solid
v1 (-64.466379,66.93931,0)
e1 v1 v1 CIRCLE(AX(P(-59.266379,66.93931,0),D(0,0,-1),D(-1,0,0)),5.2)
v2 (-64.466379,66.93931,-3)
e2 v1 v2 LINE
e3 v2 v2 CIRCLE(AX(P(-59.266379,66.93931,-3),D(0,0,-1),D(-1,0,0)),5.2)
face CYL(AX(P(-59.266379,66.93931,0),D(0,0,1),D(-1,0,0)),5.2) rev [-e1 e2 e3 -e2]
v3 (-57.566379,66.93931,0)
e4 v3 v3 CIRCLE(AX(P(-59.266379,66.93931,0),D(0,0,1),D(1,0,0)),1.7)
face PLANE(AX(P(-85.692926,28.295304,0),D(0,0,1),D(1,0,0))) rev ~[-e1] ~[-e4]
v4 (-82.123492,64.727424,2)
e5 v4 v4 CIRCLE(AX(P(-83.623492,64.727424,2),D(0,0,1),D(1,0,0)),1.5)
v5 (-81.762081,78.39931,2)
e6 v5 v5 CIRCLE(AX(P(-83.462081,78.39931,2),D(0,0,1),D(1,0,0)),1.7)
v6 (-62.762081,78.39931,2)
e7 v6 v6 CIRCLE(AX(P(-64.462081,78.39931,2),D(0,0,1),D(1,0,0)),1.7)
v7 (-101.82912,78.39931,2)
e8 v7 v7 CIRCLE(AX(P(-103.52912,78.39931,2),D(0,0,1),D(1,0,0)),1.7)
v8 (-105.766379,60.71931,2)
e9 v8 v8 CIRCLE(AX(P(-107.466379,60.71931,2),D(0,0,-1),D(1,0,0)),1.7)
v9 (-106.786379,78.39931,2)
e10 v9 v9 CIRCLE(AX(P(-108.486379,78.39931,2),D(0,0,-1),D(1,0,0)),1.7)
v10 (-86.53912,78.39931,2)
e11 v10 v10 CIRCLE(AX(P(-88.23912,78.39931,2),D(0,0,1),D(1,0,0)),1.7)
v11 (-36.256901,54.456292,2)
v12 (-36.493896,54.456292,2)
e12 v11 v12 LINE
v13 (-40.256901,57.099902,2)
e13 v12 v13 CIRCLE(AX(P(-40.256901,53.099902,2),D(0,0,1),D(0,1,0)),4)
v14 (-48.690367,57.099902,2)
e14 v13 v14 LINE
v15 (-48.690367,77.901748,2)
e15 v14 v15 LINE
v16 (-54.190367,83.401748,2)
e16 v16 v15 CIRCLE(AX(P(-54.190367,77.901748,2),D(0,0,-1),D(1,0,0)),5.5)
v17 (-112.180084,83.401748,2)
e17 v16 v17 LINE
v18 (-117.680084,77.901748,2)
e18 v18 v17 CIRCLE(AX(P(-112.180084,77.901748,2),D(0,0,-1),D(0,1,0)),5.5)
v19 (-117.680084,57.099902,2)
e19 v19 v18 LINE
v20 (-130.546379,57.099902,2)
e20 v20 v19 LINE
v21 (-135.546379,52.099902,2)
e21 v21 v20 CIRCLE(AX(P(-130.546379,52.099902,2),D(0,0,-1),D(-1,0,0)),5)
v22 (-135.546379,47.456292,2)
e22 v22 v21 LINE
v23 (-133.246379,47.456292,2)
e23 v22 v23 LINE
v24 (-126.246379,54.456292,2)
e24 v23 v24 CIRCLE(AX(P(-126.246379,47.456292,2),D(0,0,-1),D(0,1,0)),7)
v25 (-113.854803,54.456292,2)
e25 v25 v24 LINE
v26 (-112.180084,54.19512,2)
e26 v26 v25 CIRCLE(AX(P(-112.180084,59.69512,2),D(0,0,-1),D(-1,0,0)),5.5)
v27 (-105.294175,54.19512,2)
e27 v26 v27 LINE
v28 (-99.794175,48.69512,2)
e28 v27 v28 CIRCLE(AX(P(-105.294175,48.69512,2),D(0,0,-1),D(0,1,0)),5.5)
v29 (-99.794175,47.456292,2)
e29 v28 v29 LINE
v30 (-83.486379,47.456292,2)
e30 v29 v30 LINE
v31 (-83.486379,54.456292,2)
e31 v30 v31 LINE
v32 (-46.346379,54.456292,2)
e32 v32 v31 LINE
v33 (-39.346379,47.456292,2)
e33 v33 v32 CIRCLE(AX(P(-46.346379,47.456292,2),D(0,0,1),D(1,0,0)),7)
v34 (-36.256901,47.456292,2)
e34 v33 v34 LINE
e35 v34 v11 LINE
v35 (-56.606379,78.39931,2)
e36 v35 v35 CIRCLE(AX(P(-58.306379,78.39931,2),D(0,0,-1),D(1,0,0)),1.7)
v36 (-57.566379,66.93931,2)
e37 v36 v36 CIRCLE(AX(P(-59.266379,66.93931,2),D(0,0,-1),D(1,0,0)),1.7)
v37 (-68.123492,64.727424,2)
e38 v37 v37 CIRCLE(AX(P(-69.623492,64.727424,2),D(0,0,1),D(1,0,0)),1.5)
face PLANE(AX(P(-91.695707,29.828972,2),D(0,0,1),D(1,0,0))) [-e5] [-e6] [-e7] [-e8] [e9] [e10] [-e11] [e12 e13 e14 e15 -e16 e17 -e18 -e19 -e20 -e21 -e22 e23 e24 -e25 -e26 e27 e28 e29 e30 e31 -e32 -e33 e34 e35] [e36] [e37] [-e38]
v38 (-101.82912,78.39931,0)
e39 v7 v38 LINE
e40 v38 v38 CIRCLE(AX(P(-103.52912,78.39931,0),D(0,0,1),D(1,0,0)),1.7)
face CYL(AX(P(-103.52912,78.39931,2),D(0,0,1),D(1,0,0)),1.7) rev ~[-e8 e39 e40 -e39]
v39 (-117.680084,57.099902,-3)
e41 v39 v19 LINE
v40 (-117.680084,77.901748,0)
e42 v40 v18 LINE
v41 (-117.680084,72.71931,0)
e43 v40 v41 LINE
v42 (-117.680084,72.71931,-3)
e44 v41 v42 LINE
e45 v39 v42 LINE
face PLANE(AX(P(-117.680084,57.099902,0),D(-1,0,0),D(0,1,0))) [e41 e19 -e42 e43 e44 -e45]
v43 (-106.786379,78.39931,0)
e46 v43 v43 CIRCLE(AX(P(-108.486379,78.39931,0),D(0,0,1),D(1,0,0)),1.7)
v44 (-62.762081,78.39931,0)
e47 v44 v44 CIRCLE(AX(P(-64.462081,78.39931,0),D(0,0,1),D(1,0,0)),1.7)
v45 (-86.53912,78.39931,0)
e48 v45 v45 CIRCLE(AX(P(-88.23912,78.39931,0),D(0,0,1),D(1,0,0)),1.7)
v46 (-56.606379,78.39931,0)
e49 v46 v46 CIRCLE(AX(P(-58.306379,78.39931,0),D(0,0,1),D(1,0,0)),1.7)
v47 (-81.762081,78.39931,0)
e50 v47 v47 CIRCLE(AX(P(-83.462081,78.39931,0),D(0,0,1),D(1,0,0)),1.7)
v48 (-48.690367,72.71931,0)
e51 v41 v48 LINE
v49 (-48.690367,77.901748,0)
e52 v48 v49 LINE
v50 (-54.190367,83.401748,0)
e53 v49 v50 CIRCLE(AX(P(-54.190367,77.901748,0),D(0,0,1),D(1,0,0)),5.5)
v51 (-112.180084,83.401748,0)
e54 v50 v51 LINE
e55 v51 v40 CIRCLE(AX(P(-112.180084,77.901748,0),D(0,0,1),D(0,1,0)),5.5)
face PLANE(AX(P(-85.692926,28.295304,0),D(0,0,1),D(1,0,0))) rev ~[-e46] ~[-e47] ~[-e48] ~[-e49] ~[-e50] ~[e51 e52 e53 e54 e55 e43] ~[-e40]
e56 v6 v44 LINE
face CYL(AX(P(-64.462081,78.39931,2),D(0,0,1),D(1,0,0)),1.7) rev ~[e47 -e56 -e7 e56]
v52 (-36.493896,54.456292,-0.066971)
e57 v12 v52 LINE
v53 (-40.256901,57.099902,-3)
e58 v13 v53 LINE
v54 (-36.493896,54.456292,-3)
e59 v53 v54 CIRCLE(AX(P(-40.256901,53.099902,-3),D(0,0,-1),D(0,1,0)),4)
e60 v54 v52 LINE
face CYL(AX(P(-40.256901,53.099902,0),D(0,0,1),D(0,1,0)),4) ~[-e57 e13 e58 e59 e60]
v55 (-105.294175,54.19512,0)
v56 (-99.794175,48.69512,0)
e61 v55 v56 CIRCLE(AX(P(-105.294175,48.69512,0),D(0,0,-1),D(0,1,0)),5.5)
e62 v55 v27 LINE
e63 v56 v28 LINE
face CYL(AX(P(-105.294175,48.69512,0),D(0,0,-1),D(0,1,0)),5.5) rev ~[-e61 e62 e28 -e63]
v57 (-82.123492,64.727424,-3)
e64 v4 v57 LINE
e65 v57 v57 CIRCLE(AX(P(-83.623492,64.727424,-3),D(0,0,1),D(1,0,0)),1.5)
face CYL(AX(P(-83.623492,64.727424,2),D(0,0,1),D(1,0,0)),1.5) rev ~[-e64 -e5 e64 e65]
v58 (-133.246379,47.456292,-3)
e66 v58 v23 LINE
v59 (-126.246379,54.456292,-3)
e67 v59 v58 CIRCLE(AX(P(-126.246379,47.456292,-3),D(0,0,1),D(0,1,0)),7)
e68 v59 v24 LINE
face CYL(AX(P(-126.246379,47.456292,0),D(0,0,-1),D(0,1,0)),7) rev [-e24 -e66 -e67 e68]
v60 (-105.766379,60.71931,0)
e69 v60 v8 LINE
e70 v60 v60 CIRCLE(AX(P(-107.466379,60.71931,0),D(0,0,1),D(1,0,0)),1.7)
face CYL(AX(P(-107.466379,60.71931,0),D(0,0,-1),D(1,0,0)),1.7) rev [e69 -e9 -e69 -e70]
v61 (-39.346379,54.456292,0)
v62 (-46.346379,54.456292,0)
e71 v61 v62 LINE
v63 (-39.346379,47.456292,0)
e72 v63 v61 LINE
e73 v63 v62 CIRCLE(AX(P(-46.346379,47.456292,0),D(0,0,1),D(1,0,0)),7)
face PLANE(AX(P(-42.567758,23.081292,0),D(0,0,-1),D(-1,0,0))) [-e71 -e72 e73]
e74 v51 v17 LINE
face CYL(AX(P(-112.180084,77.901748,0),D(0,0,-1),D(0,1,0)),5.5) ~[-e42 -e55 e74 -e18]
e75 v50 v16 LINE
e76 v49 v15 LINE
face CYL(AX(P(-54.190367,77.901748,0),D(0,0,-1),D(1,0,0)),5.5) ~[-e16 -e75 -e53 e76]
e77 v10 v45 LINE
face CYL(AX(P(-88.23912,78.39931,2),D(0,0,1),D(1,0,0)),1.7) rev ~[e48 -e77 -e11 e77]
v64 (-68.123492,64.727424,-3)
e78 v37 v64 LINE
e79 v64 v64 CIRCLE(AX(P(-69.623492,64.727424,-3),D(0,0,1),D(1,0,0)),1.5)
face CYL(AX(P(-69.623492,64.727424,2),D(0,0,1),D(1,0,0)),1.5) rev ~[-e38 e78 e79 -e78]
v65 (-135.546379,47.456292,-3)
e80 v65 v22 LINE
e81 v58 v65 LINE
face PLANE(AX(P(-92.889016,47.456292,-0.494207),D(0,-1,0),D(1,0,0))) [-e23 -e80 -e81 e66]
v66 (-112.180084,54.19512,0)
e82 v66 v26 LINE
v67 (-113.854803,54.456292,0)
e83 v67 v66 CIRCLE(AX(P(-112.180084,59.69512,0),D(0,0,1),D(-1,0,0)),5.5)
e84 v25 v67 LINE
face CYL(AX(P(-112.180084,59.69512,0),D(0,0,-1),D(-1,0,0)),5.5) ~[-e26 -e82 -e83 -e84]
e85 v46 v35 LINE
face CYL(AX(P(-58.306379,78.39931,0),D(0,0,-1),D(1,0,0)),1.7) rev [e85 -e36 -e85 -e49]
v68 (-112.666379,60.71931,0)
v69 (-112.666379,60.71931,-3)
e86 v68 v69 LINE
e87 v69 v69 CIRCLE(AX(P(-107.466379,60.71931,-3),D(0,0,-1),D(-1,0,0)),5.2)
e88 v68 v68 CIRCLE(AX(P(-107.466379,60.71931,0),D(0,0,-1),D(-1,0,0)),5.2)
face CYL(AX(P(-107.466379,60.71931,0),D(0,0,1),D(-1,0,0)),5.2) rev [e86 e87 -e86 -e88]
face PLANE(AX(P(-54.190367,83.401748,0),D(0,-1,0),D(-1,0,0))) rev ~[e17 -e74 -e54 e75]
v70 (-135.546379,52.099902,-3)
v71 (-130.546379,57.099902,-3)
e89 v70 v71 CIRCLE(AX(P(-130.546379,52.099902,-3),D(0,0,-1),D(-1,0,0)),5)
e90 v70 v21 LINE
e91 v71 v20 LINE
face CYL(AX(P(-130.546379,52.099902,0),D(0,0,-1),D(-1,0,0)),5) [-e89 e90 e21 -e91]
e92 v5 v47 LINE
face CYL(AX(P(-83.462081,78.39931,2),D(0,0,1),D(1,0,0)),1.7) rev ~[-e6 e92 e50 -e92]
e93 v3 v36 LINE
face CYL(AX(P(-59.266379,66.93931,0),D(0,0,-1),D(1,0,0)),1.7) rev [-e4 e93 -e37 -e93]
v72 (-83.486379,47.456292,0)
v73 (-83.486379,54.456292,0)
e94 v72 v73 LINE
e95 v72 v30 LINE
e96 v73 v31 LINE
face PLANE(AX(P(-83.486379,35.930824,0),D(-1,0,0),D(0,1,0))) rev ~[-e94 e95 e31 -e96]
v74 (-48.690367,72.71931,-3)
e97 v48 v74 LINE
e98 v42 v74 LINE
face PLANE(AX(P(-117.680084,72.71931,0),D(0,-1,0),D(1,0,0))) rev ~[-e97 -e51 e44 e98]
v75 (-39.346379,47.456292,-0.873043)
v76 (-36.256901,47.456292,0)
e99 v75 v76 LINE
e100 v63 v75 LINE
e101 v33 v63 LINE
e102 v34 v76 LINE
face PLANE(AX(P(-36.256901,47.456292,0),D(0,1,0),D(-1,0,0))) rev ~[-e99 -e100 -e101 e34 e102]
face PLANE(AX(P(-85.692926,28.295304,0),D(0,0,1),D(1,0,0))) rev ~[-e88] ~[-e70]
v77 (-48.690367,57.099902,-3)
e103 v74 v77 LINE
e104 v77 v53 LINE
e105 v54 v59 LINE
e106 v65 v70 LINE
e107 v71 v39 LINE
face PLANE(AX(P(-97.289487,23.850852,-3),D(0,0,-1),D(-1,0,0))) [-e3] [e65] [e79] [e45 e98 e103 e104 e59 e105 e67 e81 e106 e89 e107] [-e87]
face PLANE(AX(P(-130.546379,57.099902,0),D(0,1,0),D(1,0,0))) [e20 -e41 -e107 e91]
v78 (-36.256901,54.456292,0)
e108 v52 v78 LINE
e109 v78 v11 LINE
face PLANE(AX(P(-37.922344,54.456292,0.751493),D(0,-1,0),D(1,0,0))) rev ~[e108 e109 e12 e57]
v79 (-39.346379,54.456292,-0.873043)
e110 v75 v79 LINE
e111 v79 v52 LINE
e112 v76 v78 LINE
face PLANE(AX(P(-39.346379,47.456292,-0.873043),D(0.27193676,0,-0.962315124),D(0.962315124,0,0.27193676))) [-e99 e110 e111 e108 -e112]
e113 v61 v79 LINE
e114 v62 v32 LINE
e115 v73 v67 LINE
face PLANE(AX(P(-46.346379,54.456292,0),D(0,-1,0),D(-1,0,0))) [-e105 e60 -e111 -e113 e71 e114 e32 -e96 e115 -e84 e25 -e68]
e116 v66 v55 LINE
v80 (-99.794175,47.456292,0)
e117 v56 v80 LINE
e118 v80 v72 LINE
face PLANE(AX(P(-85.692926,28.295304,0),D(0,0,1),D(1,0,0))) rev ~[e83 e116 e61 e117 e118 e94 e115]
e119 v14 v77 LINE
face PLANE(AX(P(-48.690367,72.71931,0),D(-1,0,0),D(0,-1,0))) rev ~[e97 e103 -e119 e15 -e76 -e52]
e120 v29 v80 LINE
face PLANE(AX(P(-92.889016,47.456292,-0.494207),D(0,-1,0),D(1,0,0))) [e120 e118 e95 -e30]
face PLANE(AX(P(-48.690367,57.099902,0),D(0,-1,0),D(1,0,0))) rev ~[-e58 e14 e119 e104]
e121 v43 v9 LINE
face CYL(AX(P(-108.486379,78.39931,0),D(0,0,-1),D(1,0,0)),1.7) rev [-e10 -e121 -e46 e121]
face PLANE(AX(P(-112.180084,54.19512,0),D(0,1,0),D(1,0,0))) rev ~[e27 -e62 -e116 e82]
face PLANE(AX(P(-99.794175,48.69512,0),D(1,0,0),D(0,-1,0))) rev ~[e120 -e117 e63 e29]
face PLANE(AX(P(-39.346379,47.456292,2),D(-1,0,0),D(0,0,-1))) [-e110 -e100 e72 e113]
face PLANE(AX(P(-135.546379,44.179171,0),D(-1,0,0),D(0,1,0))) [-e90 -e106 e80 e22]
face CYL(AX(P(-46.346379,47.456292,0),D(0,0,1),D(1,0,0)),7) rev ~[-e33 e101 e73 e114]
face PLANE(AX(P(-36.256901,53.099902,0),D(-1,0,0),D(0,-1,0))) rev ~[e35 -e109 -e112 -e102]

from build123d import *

# Parameters (mm, degrees)
ESQUISSE1_R             = 1.7
BOSS_EXTRU_1_DEPTH      = 3
BOSS_EXTRU_2_DEPTH      = 3
BOSS_EXTRU_2_DEPTH_BACK = 3
ESQUISSE2_R             = 5.2
ESQUISSE5_W             = 129.390100882
ESQUISSE5_H             = 120.053414285
ENL_V_MAT_EXTRU_2_DEPTH = 1
ESQUISSE6_R             = 1.5
ENL_V_MAT_EXTRU_3_DEPTH = 8
ESQUISSE7_W             = 14.610679854
ESQUISSE7_H             = 62.75
ENL_V_MAT_EXTRU_4_DEPTH = 8
BOSS_EXTRU_3_DEPTH      = 7
BOSS_EXTRU_4_DEPTH      = 7
ESQUISSE11_W            = 149.051338644
ESQUISSE11_H            = 13.366564364
ENL_V_MAT_EXTRU_5_DEPTH = 80
ESQUISSE13_R            = 1.7
ENL_V_MAT_EXTRU_6_DEPTH = 15


with BuildPart() as part:
    # Esquisse1 → Boss.-Extru.1 (new body)
    with BuildSketch(Plane.XY):
        with BuildLine():
            Line((-117.680084405, 66.939310237), (-117.680084405, 59.695120061))
            ThreePointArc((-117.680084405, 59.695120061), (-116.069171702, 55.806032765), (-112.180084405, 54.195120061))
            Line((-112.180084405, 54.195120061), (-105.294175096, 54.195120061))
            ThreePointArc((-105.294175096, 54.195120061), (-101.4050878, 52.584207358), (-99.794175096, 48.695120061))
            Line((-99.794175096, 48.695120061), (-99.794175096, 35.930823665))
            ThreePointArc((-99.794175096, 35.930823665), (-101.4050878, 32.041736368), (-105.294175096, 30.430823665))
            Line((-105.294175096, 30.430823665), (-112.180084405, 30.430823665))
            ThreePointArc((-112.180084405, 30.430823665), (-116.069171702, 28.819910961), (-117.680084405, 24.930823665))
            Line((-117.680084405, 24.930823665), (-117.680084405, 23.910007682))
            ThreePointArc((-117.680084405, 23.910007682), (-116.069171702, 20.020920385), (-112.180084405, 18.410007682))
            Line((-112.180084405, 18.410007682), (-105.294175096, 18.410007682))
            ThreePointArc((-105.294175096, 18.410007682), (-101.4050878, 16.799094979), (-99.794175096, 12.910007682))
            Line((-99.794175096, 12.910007682), (-99.794175096, 1.692208933))
            ThreePointArc((-99.794175096, 1.692208933), (-101.4050878, -2.196878364), (-105.294175096, -3.807791067))
            Line((-105.294175096, -3.807791067), (-113.390601299, -3.807791067))
            ThreePointArc((-113.390601299, -3.807791067), (-117.279688595, -5.418703771), (-118.890601299, -9.307791067))
            Line((-118.890601299, -9.307791067), (-118.890601299, -18.42196685))
            ThreePointArc((-118.890601299, -18.42196685), (-117.279688595, -22.311054147), (-113.390601299, -23.92196685))
            Line((-113.390601299, -23.92196685), (-52.866544484, -23.92196685))
            ThreePointArc((-52.866544484, -23.92196685), (-48.977457187, -22.311054147), (-47.366544484, -18.42196685))
            Line((-47.366544484, -18.42196685), (-47.366544484, -9.307791067))
            ThreePointArc((-47.366544484, -9.307791067), (-48.977457187, -5.418703771), (-52.866544484, -3.807791067))
            Line((-52.866544484, -3.807791067), (-77.986378892, -3.807791067))
            ThreePointArc((-77.986378892, -3.807791067), (-81.875466189, -2.196878364), (-83.486378892, 1.692208933))
            Line((-83.486378892, 1.692208933), (-83.486378892, 12.910007682))
            ThreePointArc((-83.486378892, 12.910007682), (-81.875466189, 16.799094979), (-77.986378892, 18.410007682))
            Line((-77.986378892, 18.410007682), (-69.856378892, 18.410007682))
            ThreePointArc((-69.856378892, 18.410007682), (-65.967291596, 20.020920385), (-64.356378892, 23.910007682))
            Line((-64.356378892, 23.910007682), (-64.356378892, 24.930823665))
            ThreePointArc((-64.356378892, 24.930823665), (-65.967291596, 28.819910961), (-69.856378892, 30.430823665))
            Line((-69.856378892, 30.430823665), (-77.986378892, 30.430823665))
            ThreePointArc((-77.986378892, 30.430823665), (-81.875466189, 32.041736368), (-83.486378892, 35.930823665))
            Line((-83.486378892, 35.930823665), (-83.486378892, 55.219310237))
            ThreePointArc((-83.486378892, 55.219310237), (-81.875466189, 59.108397534), (-77.986378892, 60.719310237))
            Line((-77.986378892, 60.719310237), (-54.190366806, 60.719310237))
            ThreePointArc((-54.190366806, 60.719310237), (-50.30127951, 62.330222941), (-48.690366806, 66.219310237))
            Line((-48.690366806, 66.219310237), (-48.690366806, 67.219310237))
            Line((-48.690366806, 67.219310237), (-48.690366806, 77.901748252))
            ThreePointArc((-48.690366806, 77.901748252), (-50.30127951, 81.790835548), (-54.190366806, 83.401748252))
            Line((-54.190366806, 83.401748252), (-112.180084405, 83.401748252))
            ThreePointArc((-112.180084405, 83.401748252), (-116.069171702, 81.790835548), (-117.680084405, 77.901748252))
            Line((-117.680084405, 77.901748252), (-117.680084405, 67.219310237))
            Line((-117.680084405, 67.219310237), (-117.680084405, 66.939310237))
        make_face()
        with Locations((-59.266378892, -15.663707737)):
            Circle(ESQUISSE1_R, mode=Mode.SUBTRACT)
        with Locations((-59.266378892, 66.939310237)):
            Circle(ESQUISSE1_R, mode=Mode.SUBTRACT)
        with Locations((-91.856378892, 36.719310237)):
            Circle(ESQUISSE1_R, mode=Mode.SUBTRACT)
        with Locations((-107.466378892, -14.520689763)):
            Circle(ESQUISSE1_R, mode=Mode.SUBTRACT)
        with Locations((-107.466378892, 60.719310237)):
            Circle(ESQUISSE1_R, mode=Mode.SUBTRACT)
        with Locations((-58.306378892, 78.399310237)):
            Circle(ESQUISSE1_R, mode=Mode.SUBTRACT)
        with Locations((-108.486378892, 78.399310237)):
            Circle(ESQUISSE1_R, mode=Mode.SUBTRACT)
        with BuildLine():
            Line((-111.390601299, 21.460065469), (-70.086378892, 21.460065469))
            ThreePointArc((-70.086378892, 21.460065469), (-68.67216533, 22.045851906), (-68.086378892, 23.460065469))
            Line((-68.086378892, 23.460065469), (-68.086378892, 24.842520386))
            ThreePointArc((-68.086378892, 24.842520386), (-68.67216533, 26.256733949), (-70.086378892, 26.842520386))
            Line((-70.086378892, 26.842520386), (-111.390601299, 26.842520386))
            ThreePointArc((-111.390601299, 26.842520386), (-112.804814861, 26.256733949), (-113.390601299, 24.842520386))
            Line((-113.390601299, 24.842520386), (-113.390601299, 23.460065469))
            ThreePointArc((-113.390601299, 23.460065469), (-112.804814861, 22.045851906), (-111.390601299, 21.460065469))
        make_face(mode=Mode.SUBTRACT)
    extrude(amount=BOSS_EXTRU_1_DEPTH)

    # Esquisse2 → Boss.-Extru.2 (add, two sides: drawn at the far end of the back side and taken through both)
    with BuildSketch(Plane(origin=(0, 0, 0), x_dir=(-1, 0, 0), z_dir=(0, 0, -1)).offset(-BOSS_EXTRU_2_DEPTH_BACK)):
        with BuildLine():
            Line((118.890601299, -9.969506719), (130.584615963, -9.880075131))
            ThreePointArc((130.584615963, -9.880075131), (134.095405897, -8.402210456), (135.546378892, -4.880221341))
            Line((135.546378892, -4.880221341), (135.546378892, 5.415623015))
            ThreePointArc((135.546378892, 5.415623015), (136.425058549, 7.536943358), (138.546378892, 8.415623015))
            Line((138.546378892, 8.415623015), (145.752654566, 8.415623015))
            ThreePointArc((145.752654566, 8.415623015), (147.87397491, 9.294302671), (148.752654566, 11.415623015))
            Line((148.752654566, 11.415623015), (148.752654566, 38.179170847))
            ThreePointArc((148.752654566, 38.179170847), (147.87397491, 40.300491191), (145.752654566, 41.179170847))
            Line((145.752654566, 41.179170847), (138.546378892, 41.179170847))
            ThreePointArc((138.546378892, 41.179170847), (136.425058549, 42.057850504), (135.546378892, 44.179170847))
            Line((135.546378892, 44.179170847), (135.546378892, 52.099902349))
            ThreePointArc((135.546378892, 52.099902349), (134.081912798, 55.635436255), (130.546378892, 57.099902349))
            Line((130.546378892, 57.099902349), (117.680084405, 57.099902349))
            Line((117.680084405, 57.099902349), (117.680084405, 72.719310237))
            Line((117.680084405, 72.719310237), (48.690366806, 72.719310237))
            Line((48.690366806, 72.719310237), (48.690366806, 60.719310237))
            Line((48.690366806, 60.719310237), (48.690366806, 57.099902349))
            Line((48.690366806, 57.099902349), (40.256901013, 57.099902349))
            ThreePointArc((40.256901013, 57.099902349), (37.428473888, 55.928329474), (36.256901013, 53.099902349))
            Line((36.256901013, 53.099902349), (36.256901013, 47.456292263))
            Line((36.256901013, 47.456292263), (39.346378892, 47.456292263))
            ThreePointArc((39.346378892, 47.456292263), (41.396631424, 52.406039732), (46.346378892, 54.456292263))
            Line((46.346378892, 54.456292263), (126.246378892, 54.456292263))
            ThreePointArc((126.246378892, 54.456292263), (131.196126361, 52.406039732), (133.246378892, 47.456292263))
            Line((133.246378892, 47.456292263), (133.246378892, 40.977229779))
            ThreePointArc((133.246378892, 40.977229779), (134.125058549, 38.855909436), (136.246378892, 37.977229779))
            Line((136.246378892, 37.977229779), (142.162261637, 37.977229779))
            ThreePointArc((142.162261637, 37.977229779), (144.28358198, 37.098550123), (145.162261637, 34.977229779))
            Line((145.162261637, 34.977229779), (145.162261637, 14.363062522))
            ThreePointArc((145.162261637, 14.363062522), (144.28358198, 12.241742179), (142.162261637, 11.363062522))
            Line((142.162261637, 11.363062522), (136.246378892, 11.363062522))
            ThreePointArc((136.246378892, 11.363062522), (134.125058549, 10.484382866), (133.246378892, 8.363062522))
            Line((133.246378892, 8.363062522), (133.246378892, -1.293707737))
            ThreePointArc((133.246378892, -1.293707737), (131.196126361, -6.243455205), (126.246378892, -8.293707737))
            Line((126.246378892, -8.293707737), (46.346378892, -8.293707737))
            ThreePointArc((46.346378892, -8.293707737), (41.396631424, -6.243455205), (39.346378892, -1.293707737))
            Line((39.346378892, -1.293707737), (36.248203357, -1.293707737))
            Line((36.248203357, -1.293707737), (36.248203357, -6.64542392))
            ThreePointArc((36.248203357, -6.64542392), (37.432020164, -9.486042202), (40.282759469, -10.645274652))
            Line((40.282759469, -10.645274652), (47.366544484, -10.58407535))
            Line((47.366544484, -10.58407535), (47.366544484, -23.92196685))
            Line((47.366544484, -23.92196685), (118.890601299, -23.92196685))
            Line((118.890601299, -23.92196685), (118.890601299, -9.969506719))
        make_face()
        with Locations((59.266378892, -15.663707737)):
            Circle(ESQUISSE2_R, mode=Mode.SUBTRACT)
        with Locations((107.466378892, -14.520689763)):
            Circle(ESQUISSE2_R, mode=Mode.SUBTRACT)
        with Locations((107.466378892, 60.719310237)):
            Circle(ESQUISSE2_R, mode=Mode.SUBTRACT)
        with Locations((59.266378892, 66.939310237)):
            Circle(ESQUISSE2_R, mode=Mode.SUBTRACT)
    extrude(amount=BOSS_EXTRU_2_DEPTH + BOSS_EXTRU_2_DEPTH_BACK)

    # Esquisse5 → Enlèv. mat.-Extru.2 (cut)
    with BuildSketch(Plane.XY.offset(3)):
        with Locations((-91.695706627, 29.828971757)):
            Rectangle(ESQUISSE5_W, ESQUISSE5_H)
    extrude(amount=-ENL_V_MAT_EXTRU_2_DEPTH, mode=Mode.SUBTRACT)

    # Esquisse6 → Enlèv. mat.-Extru.3 (cut)
    with BuildSketch(Plane.XY.offset(2)):
        with Locations((-69.623492164, 64.727424081)):
            Circle(ESQUISSE6_R)
        with Locations((-83.623492164, 64.727424081)):
            Circle(ESQUISSE6_R)
    extrude(amount=-ENL_V_MAT_EXTRU_3_DEPTH, mode=Mode.SUBTRACT)

    # Esquisse7 → Enlèv. mat.-Extru.4 (cut)
    with BuildSketch(Plane(origin=(0, 0, 0), x_dir=(-1, 0, 0), z_dir=(0, 0, -1))):
        with Locations((42.567758063, 23.081292263)):
            Rectangle(ESQUISSE7_W, ESQUISSE7_H)
    extrude(amount=ENL_V_MAT_EXTRU_4_DEPTH, mode=Mode.SUBTRACT)

    # Esquisse9 → Boss.-Extru.3 (add)
    with BuildSketch(Plane(origin=(0, -1.293707737, 0), x_dir=(1, 0, 0), z_dir=(0, 1, 0))):
        Polygon((-39.346378892, -2), (-39.346378892, 0.886005049), (-36.248203357, 0), (-36.248203357, -2), align=None)
    extrude(amount=-BOSS_EXTRU_3_DEPTH)

    # Esquisse10 → Boss.-Extru.4 (add)
    with BuildSketch(Plane.XZ.offset(-47.456292263)):
        Polygon((-39.346378892, 2), (-39.346378892, -0.873043126), (-36.256901013, 0), (-36.256901013, 2), align=None)
    extrude(amount=-BOSS_EXTRU_4_DEPTH)

    # Esquisse11 → Enlèv. mat.-Extru.5 (cut)
    with BuildSketch(Plane.XZ.offset(-47.456292263)):
        with Locations((-92.889015797, -0.494206667)):
            Rectangle(ESQUISSE11_W, ESQUISSE11_H)
    extrude(amount=ENL_V_MAT_EXTRU_5_DEPTH, mode=Mode.SUBTRACT)

    # Esquisse13 → Enlèv. mat.-Extru.6 (cut)
    with BuildSketch(Plane.XY.offset(2)):
        with Locations((-103.52911982, 78.399310237)):
            Circle(ESQUISSE13_R)
        with Locations((-88.23911982, 78.399310237)):
            Circle(ESQUISSE13_R)
        with Locations((-83.462080633, 78.399310237)):
            Circle(ESQUISSE13_R)
        with Locations((-64.462080633, 78.399310237)):
            Circle(ESQUISSE13_R)
    extrude(amount=-ENL_V_MAT_EXTRU_6_DEPTH, mode=Mode.SUBTRACT)


solid = part.part
